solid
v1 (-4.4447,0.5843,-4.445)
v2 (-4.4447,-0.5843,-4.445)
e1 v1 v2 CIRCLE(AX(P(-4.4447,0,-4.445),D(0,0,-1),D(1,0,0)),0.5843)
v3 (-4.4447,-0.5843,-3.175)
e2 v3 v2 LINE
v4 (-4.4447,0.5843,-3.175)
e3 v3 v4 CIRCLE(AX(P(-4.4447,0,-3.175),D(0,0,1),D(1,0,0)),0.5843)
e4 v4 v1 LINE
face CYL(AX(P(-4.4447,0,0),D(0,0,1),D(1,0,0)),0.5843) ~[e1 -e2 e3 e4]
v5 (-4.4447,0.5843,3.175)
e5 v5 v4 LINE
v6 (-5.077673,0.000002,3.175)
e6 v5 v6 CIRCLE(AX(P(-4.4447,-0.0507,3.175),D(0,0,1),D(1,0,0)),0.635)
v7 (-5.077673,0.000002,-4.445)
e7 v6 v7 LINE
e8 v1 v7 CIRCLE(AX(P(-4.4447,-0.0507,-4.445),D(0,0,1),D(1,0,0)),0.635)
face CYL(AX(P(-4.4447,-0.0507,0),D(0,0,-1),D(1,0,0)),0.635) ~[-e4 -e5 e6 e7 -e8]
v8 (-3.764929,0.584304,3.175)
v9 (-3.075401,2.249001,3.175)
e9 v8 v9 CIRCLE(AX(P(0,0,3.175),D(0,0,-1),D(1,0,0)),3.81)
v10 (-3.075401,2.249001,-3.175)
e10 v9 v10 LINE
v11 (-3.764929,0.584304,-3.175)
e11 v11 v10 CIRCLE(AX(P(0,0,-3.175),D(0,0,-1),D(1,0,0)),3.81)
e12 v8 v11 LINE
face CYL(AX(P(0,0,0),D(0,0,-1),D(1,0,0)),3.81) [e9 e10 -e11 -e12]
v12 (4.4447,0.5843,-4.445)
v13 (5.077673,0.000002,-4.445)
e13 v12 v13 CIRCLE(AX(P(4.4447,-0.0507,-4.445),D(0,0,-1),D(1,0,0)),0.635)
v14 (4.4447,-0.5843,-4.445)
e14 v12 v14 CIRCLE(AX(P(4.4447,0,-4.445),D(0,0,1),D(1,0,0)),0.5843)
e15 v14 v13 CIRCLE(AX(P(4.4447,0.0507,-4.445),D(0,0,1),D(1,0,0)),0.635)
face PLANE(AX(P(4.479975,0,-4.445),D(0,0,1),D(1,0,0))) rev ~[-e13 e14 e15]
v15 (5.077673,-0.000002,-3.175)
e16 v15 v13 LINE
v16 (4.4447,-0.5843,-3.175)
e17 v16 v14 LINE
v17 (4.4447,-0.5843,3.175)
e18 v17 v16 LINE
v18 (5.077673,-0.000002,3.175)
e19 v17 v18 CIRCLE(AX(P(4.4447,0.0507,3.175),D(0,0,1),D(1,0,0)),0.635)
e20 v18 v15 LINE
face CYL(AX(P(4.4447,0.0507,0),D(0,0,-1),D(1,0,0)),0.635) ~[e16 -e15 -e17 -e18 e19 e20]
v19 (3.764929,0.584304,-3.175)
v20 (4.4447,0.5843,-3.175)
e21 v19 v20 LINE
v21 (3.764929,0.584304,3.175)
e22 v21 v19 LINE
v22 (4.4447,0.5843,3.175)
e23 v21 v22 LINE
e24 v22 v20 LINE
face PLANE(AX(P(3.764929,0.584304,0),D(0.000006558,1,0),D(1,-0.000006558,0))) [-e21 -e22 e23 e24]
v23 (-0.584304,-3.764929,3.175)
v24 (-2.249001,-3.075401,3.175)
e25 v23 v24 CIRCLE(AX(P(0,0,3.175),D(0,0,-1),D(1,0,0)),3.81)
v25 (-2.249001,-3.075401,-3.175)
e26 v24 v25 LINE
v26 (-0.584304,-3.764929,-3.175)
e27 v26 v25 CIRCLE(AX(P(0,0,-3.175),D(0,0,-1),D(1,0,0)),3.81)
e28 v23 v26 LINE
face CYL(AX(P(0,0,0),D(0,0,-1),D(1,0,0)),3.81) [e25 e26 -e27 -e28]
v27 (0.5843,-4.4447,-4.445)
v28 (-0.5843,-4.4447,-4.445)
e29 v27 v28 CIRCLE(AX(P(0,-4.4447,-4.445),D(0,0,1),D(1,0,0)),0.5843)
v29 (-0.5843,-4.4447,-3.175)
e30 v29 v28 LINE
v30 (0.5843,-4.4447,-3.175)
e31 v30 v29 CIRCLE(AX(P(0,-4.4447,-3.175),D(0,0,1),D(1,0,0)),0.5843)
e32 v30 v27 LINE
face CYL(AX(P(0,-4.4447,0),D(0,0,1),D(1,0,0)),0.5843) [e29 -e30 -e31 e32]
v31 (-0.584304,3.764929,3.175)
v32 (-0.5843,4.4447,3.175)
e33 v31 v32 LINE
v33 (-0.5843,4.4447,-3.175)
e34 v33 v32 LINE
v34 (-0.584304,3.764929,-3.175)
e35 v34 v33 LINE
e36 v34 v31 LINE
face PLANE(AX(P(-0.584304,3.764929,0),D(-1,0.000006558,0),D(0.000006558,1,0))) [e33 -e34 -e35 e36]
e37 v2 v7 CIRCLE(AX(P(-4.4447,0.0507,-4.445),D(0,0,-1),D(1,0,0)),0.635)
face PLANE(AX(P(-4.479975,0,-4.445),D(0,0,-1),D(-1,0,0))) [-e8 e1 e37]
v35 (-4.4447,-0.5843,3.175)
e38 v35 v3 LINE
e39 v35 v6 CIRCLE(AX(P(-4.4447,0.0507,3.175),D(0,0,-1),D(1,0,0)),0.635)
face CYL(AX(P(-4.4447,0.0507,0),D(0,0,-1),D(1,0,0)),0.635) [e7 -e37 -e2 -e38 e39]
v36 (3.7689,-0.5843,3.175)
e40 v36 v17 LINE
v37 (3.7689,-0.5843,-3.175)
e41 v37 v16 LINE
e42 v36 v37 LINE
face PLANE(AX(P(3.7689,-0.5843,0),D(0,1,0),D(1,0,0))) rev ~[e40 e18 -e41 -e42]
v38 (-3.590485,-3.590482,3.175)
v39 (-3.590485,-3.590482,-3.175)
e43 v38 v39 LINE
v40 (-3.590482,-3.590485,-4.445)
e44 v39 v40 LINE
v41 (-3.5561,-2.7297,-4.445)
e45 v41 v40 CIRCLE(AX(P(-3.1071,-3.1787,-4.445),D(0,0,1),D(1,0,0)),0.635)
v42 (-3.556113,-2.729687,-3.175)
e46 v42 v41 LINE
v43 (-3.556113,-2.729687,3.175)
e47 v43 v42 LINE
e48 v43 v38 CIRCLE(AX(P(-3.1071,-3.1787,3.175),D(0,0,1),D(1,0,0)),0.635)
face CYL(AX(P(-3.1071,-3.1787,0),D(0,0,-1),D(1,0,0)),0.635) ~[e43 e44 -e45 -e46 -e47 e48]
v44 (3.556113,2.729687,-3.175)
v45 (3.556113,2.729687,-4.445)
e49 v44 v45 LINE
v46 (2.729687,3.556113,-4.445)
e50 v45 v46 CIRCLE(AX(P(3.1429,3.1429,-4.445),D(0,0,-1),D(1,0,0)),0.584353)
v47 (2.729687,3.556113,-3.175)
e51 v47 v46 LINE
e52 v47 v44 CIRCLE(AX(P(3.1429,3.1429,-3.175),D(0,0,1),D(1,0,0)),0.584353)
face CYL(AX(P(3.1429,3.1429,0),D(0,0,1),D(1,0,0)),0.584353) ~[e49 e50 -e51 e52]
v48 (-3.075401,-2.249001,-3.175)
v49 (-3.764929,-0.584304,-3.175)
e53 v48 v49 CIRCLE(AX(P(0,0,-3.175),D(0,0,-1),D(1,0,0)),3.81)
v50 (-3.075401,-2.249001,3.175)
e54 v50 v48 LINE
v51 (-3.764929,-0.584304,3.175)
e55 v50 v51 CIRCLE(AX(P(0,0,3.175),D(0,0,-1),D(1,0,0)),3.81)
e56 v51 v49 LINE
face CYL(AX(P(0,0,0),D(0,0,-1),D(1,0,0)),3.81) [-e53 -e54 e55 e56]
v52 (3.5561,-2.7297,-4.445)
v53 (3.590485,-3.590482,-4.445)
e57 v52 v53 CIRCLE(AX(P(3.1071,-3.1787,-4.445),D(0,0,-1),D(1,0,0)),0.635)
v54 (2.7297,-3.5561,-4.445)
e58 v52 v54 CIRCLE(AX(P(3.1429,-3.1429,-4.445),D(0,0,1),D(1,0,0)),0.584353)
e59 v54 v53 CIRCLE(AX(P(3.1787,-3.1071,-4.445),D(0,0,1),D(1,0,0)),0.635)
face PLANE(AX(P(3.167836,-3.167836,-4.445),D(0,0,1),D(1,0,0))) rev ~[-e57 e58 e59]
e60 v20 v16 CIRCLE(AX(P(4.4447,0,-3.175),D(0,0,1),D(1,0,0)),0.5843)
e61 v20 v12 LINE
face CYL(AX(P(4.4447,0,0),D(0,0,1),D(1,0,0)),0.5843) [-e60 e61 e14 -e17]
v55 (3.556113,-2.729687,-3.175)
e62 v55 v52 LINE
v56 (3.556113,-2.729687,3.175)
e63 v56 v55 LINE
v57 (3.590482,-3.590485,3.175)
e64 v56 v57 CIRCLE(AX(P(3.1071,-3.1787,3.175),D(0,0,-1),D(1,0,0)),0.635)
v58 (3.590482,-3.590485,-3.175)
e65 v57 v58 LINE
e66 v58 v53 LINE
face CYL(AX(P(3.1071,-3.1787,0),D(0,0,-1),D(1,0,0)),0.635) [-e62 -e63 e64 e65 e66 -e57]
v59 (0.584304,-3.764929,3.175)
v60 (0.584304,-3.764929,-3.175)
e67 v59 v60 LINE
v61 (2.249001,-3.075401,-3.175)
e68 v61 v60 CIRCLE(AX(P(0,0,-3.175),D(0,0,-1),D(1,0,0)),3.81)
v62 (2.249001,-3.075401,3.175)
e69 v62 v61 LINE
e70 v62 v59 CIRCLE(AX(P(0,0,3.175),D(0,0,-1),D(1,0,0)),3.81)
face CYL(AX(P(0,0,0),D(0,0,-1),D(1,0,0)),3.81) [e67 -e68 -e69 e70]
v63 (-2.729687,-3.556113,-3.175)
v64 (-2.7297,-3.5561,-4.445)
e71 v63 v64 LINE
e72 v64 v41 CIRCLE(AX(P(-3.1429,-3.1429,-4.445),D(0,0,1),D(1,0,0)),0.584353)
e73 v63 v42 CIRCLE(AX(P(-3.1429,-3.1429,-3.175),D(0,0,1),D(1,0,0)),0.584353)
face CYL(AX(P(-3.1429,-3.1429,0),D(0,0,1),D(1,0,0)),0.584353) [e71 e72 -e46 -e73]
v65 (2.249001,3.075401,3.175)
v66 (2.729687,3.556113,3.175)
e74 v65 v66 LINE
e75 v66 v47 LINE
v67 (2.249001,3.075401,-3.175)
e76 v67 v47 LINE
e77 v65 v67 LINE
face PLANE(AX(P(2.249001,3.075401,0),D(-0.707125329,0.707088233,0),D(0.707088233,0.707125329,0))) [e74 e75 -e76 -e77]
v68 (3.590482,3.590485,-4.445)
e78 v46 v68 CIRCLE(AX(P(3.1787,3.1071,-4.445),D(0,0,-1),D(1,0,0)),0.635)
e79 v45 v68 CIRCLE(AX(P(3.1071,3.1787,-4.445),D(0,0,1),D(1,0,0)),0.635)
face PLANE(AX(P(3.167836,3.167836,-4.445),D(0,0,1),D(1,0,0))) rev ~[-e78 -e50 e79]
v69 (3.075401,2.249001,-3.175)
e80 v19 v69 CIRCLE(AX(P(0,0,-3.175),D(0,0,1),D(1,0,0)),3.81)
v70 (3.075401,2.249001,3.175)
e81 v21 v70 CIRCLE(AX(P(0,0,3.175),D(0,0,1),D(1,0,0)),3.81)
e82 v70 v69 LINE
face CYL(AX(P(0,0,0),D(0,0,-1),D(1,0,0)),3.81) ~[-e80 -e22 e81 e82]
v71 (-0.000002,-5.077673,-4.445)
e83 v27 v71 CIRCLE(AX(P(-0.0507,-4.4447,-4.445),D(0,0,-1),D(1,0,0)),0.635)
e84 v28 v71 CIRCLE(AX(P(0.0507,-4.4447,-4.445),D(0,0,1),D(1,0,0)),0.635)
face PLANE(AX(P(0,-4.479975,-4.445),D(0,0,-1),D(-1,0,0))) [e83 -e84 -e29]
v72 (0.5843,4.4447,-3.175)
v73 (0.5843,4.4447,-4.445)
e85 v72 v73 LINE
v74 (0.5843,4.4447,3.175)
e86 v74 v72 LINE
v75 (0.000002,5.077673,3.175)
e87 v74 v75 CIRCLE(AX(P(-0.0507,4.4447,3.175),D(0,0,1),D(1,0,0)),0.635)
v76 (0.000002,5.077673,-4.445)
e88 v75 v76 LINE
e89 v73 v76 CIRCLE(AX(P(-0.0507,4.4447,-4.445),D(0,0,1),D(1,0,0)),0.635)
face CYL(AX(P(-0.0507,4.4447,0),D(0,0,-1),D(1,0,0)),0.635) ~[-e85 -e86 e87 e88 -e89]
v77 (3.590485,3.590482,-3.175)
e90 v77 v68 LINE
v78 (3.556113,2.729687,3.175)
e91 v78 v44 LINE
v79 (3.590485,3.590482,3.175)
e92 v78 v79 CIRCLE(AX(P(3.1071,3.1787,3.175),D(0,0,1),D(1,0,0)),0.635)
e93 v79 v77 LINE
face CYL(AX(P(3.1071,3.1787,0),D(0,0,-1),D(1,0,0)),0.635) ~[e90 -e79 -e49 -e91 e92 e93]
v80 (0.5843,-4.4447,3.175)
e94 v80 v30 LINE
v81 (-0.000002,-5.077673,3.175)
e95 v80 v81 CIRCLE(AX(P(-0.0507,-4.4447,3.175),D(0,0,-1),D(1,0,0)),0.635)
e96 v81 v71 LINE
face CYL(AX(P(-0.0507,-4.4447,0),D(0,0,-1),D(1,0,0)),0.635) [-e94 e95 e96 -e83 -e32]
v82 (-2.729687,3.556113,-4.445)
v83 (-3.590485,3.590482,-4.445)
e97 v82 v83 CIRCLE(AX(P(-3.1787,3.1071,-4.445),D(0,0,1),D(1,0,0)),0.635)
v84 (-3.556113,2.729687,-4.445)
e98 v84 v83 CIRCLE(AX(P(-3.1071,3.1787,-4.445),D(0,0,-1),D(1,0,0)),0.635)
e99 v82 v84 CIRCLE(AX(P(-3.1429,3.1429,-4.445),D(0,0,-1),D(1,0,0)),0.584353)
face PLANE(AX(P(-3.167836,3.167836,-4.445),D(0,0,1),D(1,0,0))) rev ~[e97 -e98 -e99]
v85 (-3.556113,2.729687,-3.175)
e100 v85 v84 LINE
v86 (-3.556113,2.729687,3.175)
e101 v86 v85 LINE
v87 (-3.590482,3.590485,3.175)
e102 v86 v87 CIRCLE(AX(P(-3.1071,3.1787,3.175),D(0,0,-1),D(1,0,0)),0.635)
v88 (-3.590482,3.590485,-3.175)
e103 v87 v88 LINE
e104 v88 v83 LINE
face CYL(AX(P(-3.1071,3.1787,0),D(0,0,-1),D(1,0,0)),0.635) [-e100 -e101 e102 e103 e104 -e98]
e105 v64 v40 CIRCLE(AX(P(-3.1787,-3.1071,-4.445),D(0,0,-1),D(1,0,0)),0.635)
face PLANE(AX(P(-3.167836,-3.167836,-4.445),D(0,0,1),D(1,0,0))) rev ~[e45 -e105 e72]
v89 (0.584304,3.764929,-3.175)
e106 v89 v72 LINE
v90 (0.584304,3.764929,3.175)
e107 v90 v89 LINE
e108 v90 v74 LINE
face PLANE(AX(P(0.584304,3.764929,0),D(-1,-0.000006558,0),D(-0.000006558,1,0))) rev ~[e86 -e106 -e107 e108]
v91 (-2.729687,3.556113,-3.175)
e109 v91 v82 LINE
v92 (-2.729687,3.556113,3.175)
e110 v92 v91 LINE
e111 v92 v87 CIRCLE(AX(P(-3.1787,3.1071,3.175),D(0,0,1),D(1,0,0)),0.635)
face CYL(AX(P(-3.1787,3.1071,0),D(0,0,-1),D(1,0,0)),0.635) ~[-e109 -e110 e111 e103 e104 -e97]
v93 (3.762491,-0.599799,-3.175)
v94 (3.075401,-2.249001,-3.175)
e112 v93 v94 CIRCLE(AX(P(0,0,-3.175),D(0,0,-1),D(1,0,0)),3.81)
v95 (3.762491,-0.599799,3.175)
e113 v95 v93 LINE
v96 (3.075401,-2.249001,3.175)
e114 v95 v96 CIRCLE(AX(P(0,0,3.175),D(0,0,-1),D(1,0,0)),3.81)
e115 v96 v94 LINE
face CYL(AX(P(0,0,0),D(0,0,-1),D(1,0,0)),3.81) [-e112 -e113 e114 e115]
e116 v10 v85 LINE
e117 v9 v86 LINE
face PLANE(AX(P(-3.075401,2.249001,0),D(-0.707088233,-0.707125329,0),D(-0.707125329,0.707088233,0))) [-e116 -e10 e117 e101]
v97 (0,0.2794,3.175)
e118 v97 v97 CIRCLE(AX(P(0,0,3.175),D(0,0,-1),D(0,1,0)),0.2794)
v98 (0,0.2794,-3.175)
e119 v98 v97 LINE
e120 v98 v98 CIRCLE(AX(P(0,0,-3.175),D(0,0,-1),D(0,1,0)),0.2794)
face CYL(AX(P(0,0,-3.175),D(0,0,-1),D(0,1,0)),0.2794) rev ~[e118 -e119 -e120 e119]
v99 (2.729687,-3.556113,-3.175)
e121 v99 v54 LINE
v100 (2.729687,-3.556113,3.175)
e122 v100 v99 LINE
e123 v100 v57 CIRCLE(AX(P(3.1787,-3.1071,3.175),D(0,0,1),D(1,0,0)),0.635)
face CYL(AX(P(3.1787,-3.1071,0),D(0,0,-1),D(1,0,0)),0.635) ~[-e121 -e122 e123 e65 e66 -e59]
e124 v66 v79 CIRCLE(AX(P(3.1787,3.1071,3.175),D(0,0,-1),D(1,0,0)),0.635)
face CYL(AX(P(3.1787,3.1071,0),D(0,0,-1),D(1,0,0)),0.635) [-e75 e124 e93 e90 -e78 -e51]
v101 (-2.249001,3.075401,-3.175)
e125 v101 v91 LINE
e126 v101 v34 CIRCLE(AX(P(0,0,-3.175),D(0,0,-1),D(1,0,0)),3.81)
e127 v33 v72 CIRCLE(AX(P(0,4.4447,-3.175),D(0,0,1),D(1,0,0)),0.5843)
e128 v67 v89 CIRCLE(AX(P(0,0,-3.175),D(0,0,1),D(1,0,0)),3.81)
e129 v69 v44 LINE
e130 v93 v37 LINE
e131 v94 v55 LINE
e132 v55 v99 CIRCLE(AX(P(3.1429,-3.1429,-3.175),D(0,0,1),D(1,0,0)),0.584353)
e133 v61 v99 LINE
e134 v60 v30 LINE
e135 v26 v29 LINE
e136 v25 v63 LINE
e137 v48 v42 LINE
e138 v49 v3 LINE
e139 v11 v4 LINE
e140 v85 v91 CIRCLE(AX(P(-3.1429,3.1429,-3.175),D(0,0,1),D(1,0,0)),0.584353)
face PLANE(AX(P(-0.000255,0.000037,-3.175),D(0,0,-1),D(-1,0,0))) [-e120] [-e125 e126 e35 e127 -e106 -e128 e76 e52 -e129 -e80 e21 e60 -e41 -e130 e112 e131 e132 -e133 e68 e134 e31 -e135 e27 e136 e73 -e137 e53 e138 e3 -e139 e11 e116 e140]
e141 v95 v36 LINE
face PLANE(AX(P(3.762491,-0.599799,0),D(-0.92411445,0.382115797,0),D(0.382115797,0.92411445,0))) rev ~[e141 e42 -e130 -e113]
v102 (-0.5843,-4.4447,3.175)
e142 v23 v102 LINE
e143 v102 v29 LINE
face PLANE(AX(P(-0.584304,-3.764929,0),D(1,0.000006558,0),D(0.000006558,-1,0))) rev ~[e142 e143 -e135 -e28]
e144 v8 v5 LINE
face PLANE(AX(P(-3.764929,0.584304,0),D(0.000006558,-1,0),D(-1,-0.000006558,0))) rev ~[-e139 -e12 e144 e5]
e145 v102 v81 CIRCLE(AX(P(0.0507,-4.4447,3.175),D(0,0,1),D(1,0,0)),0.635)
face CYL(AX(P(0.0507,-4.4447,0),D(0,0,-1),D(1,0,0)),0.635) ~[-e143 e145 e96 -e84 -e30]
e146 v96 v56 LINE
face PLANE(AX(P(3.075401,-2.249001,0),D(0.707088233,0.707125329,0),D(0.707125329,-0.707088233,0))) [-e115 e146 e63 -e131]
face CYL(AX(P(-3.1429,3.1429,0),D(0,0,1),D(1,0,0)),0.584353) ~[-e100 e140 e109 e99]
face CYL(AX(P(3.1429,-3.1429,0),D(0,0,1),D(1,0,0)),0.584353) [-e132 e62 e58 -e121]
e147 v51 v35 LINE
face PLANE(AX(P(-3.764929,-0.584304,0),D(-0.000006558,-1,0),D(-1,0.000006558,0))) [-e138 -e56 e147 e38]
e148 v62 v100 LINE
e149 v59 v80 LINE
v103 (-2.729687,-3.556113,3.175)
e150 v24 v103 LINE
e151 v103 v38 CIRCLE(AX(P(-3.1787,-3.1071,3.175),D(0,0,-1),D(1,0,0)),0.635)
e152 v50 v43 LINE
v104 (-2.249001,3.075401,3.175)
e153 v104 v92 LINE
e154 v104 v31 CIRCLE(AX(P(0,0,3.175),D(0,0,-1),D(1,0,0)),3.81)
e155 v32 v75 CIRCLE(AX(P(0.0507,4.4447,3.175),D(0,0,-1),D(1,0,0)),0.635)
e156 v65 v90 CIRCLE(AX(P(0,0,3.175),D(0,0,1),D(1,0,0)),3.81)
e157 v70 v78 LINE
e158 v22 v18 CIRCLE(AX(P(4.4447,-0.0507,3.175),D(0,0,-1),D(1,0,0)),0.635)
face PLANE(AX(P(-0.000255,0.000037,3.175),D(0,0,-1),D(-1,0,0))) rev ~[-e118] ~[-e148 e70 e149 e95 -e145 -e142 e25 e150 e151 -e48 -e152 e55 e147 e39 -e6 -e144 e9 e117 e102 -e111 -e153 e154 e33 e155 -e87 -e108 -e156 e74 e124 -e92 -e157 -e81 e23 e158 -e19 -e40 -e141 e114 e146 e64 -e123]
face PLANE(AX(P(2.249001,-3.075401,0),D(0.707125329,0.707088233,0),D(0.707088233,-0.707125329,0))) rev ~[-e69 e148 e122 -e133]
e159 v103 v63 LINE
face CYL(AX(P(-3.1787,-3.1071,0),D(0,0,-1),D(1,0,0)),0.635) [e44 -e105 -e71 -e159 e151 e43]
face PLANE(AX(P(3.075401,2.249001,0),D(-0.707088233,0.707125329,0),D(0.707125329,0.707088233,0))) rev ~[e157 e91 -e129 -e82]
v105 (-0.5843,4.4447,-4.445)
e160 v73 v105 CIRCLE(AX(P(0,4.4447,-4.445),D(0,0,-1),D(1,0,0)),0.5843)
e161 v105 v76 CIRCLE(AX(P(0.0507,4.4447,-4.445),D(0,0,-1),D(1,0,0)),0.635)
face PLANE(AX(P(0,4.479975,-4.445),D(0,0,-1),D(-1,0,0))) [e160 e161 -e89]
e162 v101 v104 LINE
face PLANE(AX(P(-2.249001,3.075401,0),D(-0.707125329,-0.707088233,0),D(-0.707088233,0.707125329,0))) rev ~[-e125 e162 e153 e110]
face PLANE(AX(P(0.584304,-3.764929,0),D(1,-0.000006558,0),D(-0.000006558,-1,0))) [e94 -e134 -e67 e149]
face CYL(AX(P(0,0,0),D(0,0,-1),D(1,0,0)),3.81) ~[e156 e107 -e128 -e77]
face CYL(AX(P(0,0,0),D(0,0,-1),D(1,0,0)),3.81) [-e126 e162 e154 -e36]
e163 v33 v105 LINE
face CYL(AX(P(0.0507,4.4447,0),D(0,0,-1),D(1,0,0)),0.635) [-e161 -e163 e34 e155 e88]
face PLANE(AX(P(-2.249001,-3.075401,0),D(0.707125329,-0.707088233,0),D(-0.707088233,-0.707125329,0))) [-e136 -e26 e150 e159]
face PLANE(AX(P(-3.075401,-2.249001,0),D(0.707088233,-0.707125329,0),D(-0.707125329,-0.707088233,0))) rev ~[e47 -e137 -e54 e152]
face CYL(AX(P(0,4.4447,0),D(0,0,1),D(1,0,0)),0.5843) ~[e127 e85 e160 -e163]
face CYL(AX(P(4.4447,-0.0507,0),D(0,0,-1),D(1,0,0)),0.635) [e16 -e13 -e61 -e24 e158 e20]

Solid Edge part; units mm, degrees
sketch "Sketch1" plane through (0, 0, 0) normal (0, 0, 1) x (1, 0, 0)
  arc A0 (-0.5843, 4.4447) -> (0, 5.0777) centre (0.0507, 4.4447) cw
  arc A1 (0.5843, 4.4447) -> (0, 5.0777) centre (-0.0507, 4.4447) ccw
  line L0 (0.5843, 3.7649) -> (0.5843, 4.4447)
  arc A2 (2.249, 3.0754) -> (0.5843, 3.7649) centre (0, 0) ccw
  line L1 (2.249, 3.0754) -> (2.7297, 3.5561)
  arc A3 (2.7297, 3.5561) -> (3.5905, 3.5905) centre (3.1787, 3.1071) cw
  arc A4 (3.5561, 2.7297) -> (3.5905, 3.5905) centre (3.1071, 3.1787) ccw
  line L2 (3.0754, 2.249) -> (3.5561, 2.7297)
  arc A5 (3.7649, 0.5843) -> (3.0754, 2.249) centre (0, 0) ccw
  line L3 (3.7649, 0.5843) -> (4.4447, 0.5843)
  arc A6 (4.4447, 0.5843) -> (5.0777, 0) centre (4.4447, -0.0507) cw
  arc A7 (4.4447, -0.5843) -> (5.0777, 0) centre (4.4447, 0.0507) ccw
  line L4 (3.7689, -0.5843) -> (4.4447, -0.5843)
  line L5 (3.7625, -0.5998) -> (3.7689, -0.5843)
  arc A8 (3.7625, -0.5998) -> (3.0754, -2.249) centre (0, 0) cw
  line L6 (3.0754, -2.249) -> (3.5561, -2.7297)
  arc A9 (3.5561, -2.7297) -> (3.5905, -3.5905) centre (3.1071, -3.1787) cw
  arc A10 (2.7297, -3.5561) -> (3.5905, -3.5905) centre (3.1787, -3.1071) ccw
  line L7 (2.249, -3.0754) -> (2.7297, -3.5561)
  arc A11 (2.249, -3.0754) -> (0.5843, -3.7649) centre (0, 0) cw
  line L8 (0.5843, -3.7649) -> (0.5843, -4.4447)
  arc A12 (0.5843, -4.4447) -> (0, -5.0777) centre (-0.0507, -4.4447) cw
  arc A13 (-0.5843, -4.4447) -> (0, -5.0777) centre (0.0507, -4.4447) ccw
  line L9 (-0.5843, -3.7649) -> (-0.5843, -4.4447)
  arc A14 (-0.5843, -3.7649) -> (-2.249, -3.0754) centre (0, 0) cw
  line L10 (-2.249, -3.0754) -> (-2.7297, -3.5561)
  arc A15 (-2.7297, -3.5561) -> (-3.5905, -3.5905) centre (-3.1787, -3.1071) cw
  arc A16 (-3.5561, -2.7297) -> (-3.5905, -3.5905) centre (-3.1071, -3.1787) ccw
  line L11 (-3.0754, -2.249) -> (-3.5561, -2.7297)
  arc A17 (-3.0754, -2.249) -> (-3.7649, -0.5843) centre (0, 0) cw
  line L12 (-3.7649, -0.5843) -> (-4.4447, -0.5843)
  arc A18 (-4.4447, -0.5843) -> (-5.0777, 0) centre (-4.4447, 0.0507) cw
  arc A19 (-4.4447, 0.5843) -> (-5.0777, 0) centre (-4.4447, -0.0507) ccw
  line L13 (-3.7649, 0.5843) -> (-4.4447, 0.5843)
  arc A20 (-3.7649, 0.5843) -> (-3.0754, 2.249) centre (0, 0) cw
  line L14 (-3.0754, 2.249) -> (-3.5561, 2.7297)
  arc A21 (-3.5561, 2.7297) -> (-3.5905, 3.5905) centre (-3.1071, 3.1787) cw
  arc A22 (-2.7297, 3.5561) -> (-3.5905, 3.5905) centre (-3.1787, 3.1071) ccw
  line L15 (-2.249, 3.0754) -> (-2.7297, 3.5561)
  arc A23 (-2.249, 3.0754) -> (-0.5843, 3.7649) centre (0, 0) cw
  line L16 (-0.5843, 3.7649) -> (-0.5843, 4.4447)
extrude "Protrusion1" add sketch "Sketch1" along normal mid plane 6.35
sketch "Sketch2" plane through (0, 0, 0) normal (0, 0, 1) x (1, 0, 0)
  arc A0 (3.5561, 2.7297) -> (3.5905, 3.5905) centre (3.1071, 3.1787) ccw
  arc A1 (2.7297, 3.5561) -> (3.5905, 3.5905) centre (3.1787, 3.1071) cw
  arc A2 (3.5561, 2.7297) -> (2.7297, 3.5561) centre (3.1429, 3.1429) cw
  arc A3 (4.4447, 0.5843) -> (4.4447, -0.5843) centre (4.4447, 0) ccw
  arc A4 (4.4447, -0.5843) -> (5.0777, 0) centre (4.4447, 0.0507) ccw
  arc A5 (4.4447, 0.5843) -> (5.0777, 0) centre (4.4447, -0.0507) cw
  arc A6 (3.5561, -2.7297) -> (2.7297, -3.5561) centre (3.1429, -3.1429) ccw
  arc A7 (2.7297, -3.5561) -> (3.5905, -3.5905) centre (3.1787, -3.1071) ccw
  arc A8 (3.5561, -2.7297) -> (3.5905, -3.5905) centre (3.1071, -3.1787) cw
  arc A9 (0.5843, -4.4447) -> (0, -5.0777) centre (-0.0507, -4.4447) cw
  arc A10 (-0.5843, -4.4447) -> (0, -5.0777) centre (0.0507, -4.4447) ccw
  arc A11 (0.5843, -4.4447) -> (-0.5843, -4.4447) centre (0, -4.4447) ccw
  arc A12 (-2.7297, -3.5561) -> (-3.5561, -2.7297) centre (-3.1429, -3.1429) ccw
  arc A13 (-3.5561, -2.7297) -> (-3.5905, -3.5905) centre (-3.1071, -3.1787) ccw
  arc A14 (-2.7297, -3.5561) -> (-3.5905, -3.5905) centre (-3.1787, -3.1071) cw
  arc A15 (-4.4447, 0.5843) -> (-4.4447, -0.5843) centre (-4.4447, 0) cw
  arc A16 (-4.4447, -0.5843) -> (-5.0777, 0) centre (-4.4447, 0.0507) cw
  arc A17 (-4.4447, 0.5843) -> (-5.0777, 0) centre (-4.4447, -0.0507) ccw
  arc A18 (-2.7297, 3.5561) -> (-3.5905, 3.5905) centre (-3.1787, 3.1071) ccw
  arc A19 (-3.5561, 2.7297) -> (-3.5905, 3.5905) centre (-3.1071, 3.1787) cw
  arc A20 (-2.7297, 3.5561) -> (-3.5561, 2.7297) centre (-3.1429, 3.1429) cw
  arc A21 (0.5843, 4.4447) -> (-0.5843, 4.4447) centre (0, 4.4447) cw
  arc A22 (-0.5843, 4.4447) -> (0, 5.0777) centre (0.0507, 4.4447) cw
  arc A23 (0.5843, 4.4447) -> (0, 5.0777) centre (-0.0507, 4.4447) ccw
  dimension "D1" = 3.81
  dimension "D2" = 0.0168
  dimension "D3" = 1.8019
extrude "ExtrudedProtrusion_2" add sketch "Sketch2" against normal blind 4.445
sketch "Sketch3" plane through (0, 0, -3.175) normal (0, 0, -1) x (0, 1, 0)
  circle A0 centre (0, 0) radius 0.2794
extrude "Cutout1" cut sketch "Sketch3" against normal blind 26.4035
